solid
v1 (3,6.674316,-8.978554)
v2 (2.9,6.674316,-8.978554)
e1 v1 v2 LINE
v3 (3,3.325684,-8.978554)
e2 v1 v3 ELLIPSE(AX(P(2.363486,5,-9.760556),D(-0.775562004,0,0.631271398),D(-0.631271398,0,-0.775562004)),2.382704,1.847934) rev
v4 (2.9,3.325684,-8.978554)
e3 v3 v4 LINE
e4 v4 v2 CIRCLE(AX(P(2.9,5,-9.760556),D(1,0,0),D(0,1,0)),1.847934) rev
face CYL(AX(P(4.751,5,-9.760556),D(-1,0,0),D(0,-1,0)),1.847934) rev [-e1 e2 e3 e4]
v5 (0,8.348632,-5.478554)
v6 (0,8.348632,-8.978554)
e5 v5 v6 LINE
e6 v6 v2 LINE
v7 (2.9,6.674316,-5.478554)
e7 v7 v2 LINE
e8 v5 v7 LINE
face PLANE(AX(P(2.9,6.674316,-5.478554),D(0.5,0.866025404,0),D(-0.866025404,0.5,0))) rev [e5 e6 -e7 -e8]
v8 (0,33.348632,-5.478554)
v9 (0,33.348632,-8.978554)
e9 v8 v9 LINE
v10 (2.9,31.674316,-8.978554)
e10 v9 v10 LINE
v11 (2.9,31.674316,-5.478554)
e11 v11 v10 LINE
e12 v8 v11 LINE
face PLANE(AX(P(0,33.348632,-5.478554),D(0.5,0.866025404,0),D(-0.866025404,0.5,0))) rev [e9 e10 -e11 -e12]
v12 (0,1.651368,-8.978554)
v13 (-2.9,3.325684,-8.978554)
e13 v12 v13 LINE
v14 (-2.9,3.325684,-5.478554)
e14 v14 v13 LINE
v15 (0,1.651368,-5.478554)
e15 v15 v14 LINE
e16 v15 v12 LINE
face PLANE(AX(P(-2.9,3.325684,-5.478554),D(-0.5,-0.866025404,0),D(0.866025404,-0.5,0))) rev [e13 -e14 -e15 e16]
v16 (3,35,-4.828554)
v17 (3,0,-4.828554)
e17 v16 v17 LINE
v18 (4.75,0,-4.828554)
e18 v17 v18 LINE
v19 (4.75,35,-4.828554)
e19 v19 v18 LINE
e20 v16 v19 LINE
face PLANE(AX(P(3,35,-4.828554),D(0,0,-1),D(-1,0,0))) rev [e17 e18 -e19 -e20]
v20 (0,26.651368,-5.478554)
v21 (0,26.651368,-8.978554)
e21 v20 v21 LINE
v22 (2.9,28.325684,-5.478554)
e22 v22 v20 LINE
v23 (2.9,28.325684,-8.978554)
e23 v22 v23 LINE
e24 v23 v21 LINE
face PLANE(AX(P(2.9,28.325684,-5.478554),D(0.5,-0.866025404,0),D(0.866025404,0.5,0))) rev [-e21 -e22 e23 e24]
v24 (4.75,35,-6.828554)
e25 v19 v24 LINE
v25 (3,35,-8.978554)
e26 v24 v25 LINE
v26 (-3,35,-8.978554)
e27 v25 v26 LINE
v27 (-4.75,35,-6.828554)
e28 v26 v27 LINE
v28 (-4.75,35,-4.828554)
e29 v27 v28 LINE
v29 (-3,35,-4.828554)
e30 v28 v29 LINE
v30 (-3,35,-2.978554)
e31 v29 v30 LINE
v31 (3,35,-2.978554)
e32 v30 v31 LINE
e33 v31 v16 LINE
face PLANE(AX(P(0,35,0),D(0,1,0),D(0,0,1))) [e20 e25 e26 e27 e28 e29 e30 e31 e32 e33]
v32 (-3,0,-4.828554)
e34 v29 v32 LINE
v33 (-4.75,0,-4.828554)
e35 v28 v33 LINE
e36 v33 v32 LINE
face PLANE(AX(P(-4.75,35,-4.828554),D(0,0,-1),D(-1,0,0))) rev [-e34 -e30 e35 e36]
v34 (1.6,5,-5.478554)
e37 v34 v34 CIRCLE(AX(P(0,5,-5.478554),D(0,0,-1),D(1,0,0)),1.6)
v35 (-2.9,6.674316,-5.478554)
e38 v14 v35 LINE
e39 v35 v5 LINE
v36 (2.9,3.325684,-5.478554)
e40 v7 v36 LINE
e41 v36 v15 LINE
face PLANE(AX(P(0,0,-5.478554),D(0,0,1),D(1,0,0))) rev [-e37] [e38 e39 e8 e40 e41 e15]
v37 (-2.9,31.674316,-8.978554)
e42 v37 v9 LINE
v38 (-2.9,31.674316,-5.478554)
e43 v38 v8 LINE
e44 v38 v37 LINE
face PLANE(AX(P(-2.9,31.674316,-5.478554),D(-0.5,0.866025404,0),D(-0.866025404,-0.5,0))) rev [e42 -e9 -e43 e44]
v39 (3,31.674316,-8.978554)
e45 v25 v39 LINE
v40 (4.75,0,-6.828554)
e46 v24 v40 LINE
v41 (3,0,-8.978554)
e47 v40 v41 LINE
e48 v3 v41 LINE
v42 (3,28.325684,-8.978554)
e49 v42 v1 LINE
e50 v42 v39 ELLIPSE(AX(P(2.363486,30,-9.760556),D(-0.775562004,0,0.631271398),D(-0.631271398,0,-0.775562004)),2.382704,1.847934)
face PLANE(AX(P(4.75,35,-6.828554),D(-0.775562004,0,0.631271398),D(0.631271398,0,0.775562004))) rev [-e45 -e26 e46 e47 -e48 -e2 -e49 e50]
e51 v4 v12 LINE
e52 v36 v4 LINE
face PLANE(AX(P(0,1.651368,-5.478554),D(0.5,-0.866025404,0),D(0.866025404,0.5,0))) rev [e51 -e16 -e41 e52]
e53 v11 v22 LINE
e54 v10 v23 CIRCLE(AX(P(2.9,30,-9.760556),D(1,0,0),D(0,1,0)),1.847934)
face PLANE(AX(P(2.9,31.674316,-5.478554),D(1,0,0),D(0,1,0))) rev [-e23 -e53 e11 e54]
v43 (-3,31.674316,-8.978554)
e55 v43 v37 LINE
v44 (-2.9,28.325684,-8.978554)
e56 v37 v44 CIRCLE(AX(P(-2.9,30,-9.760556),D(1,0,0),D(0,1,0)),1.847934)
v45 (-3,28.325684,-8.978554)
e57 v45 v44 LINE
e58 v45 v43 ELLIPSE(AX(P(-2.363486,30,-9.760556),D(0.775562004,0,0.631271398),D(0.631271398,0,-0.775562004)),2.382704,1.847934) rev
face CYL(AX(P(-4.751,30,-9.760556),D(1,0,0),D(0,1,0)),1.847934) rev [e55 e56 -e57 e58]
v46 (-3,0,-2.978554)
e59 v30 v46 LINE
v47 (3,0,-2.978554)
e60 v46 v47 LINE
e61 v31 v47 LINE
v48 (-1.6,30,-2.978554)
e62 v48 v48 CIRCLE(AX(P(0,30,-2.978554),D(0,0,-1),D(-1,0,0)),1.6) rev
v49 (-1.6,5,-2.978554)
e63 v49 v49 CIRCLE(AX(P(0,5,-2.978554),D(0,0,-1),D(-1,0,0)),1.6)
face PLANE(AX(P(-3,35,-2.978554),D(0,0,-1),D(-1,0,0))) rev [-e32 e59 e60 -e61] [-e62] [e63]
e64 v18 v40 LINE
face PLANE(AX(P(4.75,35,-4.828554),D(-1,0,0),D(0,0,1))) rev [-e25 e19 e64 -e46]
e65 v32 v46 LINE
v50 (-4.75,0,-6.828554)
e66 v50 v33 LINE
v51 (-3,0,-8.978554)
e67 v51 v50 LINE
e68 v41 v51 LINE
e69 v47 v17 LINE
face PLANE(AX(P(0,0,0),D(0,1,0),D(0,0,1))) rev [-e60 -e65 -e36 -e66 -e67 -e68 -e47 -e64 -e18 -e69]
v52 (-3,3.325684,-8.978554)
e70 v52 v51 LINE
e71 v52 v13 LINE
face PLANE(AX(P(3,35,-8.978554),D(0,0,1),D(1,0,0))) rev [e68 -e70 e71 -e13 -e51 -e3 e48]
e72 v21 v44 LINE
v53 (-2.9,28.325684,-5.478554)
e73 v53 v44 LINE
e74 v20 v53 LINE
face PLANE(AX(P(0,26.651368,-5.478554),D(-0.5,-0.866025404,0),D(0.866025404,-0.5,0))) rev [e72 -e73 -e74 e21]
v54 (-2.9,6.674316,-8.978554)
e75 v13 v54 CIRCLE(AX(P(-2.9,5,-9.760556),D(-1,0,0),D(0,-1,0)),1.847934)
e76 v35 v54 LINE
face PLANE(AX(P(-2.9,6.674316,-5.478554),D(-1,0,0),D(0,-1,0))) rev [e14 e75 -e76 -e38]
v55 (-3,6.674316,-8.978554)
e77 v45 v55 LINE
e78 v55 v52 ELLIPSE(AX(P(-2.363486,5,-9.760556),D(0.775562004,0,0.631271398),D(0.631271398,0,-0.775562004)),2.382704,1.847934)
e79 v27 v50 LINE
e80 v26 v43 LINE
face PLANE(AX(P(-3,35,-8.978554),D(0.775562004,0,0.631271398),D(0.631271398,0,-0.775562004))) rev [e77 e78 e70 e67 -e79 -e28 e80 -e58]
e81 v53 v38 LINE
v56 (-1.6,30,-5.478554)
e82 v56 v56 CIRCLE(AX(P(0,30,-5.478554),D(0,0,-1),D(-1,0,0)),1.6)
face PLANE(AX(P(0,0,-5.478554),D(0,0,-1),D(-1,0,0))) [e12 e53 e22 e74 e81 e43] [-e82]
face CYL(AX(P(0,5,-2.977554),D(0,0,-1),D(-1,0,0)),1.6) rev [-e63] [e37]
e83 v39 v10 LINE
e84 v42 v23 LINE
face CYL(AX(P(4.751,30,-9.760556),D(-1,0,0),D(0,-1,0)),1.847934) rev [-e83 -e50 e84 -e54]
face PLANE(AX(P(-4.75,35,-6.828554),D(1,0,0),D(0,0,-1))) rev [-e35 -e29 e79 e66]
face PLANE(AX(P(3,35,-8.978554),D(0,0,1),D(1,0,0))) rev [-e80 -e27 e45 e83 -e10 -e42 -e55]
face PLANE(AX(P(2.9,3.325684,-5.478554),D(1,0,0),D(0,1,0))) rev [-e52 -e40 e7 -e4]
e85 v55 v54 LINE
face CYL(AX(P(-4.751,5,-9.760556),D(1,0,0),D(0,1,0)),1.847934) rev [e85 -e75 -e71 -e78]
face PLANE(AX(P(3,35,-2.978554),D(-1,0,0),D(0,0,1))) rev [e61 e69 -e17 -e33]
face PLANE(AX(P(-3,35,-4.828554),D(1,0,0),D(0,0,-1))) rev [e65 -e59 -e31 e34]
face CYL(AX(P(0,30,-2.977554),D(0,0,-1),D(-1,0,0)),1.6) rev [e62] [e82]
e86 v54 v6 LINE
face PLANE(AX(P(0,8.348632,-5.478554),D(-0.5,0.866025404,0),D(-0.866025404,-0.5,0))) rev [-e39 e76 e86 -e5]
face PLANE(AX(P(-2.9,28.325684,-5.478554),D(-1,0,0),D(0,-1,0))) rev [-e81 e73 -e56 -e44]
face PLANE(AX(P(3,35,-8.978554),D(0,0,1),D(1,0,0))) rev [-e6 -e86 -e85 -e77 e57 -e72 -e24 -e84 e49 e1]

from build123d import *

# Parameters (mm, degrees)
EXTRUDE1_DEPTH             = 35
EXTRUDE2_REACH             = 37.827
SKETCH2_R                  = 1.6
SKETCH_R                   = 1.6
EXTRUDE3_DEPTH             = 3.5
EXTRUDE4_REACH             = 38.934
EXTRUDE4_DIRECTION_2_REACH = 38.934


with BuildPart() as part:
    # Sketch1 → Extrude1 (new body)
    with BuildSketch(Plane(origin=(0, 0, 0), x_dir=(1, 0, 0), z_dir=(0, 1, 0))):
        Polygon((-3, 2.978553588), (3, 2.978553588), (3, 4.828553588), (4.75, 4.828553588), (4.75, 6.828553588), (3, 8.978553588), (-3, 8.978553588), (-4.75, 6.828553588), (-4.75, 4.828553588), (-3, 4.828553588), align=None)
    extrude(amount=EXTRUDE1_DEPTH)

    # Sketch2 → Extrude2 (cut, up to next)
    with BuildSketch(Plane(origin=(0, 0, -8.978553588), x_dir=(-1, 0, 0), z_dir=(0, 0, -1)), mode=Mode.PRIVATE) as extrude2_sk1:
        with Locations((0, 30)):
            Circle(SKETCH2_R)
    extrude2_tool1 = extrude(extrude2_sk1.sketch, amount=-EXTRUDE2_REACH, mode=Mode.PRIVATE) & part.part
    # Sketch2 → Extrude2 (cut, up to next)
    with BuildSketch(Plane(origin=(0, 0, -8.978553588), x_dir=(-1, 0, 0), z_dir=(0, 0, -1)), mode=Mode.PRIVATE) as extrude2_sk2:
        with Locations((0, 5)):
            Circle(SKETCH2_R)
    extrude2_tool2 = extrude(extrude2_sk2.sketch, amount=-EXTRUDE2_REACH, mode=Mode.PRIVATE) & part.part
    add(extrude2_tool1.solids().sort_by_distance((0, 30, -8.978554))[0], mode=Mode.SUBTRACT)
    add(extrude2_tool2.solids().sort_by_distance((0, 5, -8.978554))[0], mode=Mode.SUBTRACT)

    # Sketch → Extrude3 (cut)
    # profile 1 of 2: a face of its own
    with BuildSketch(Plane(origin=(0, 0, -8.978553588), x_dir=(-1, 0, 0), z_dir=(0, 0, -1))):
        Polygon((0, 33.348631561), (-2.9, 31.674315781), (-2.9, 28.325684219), (0, 26.651368439), (2.9, 28.325684219), (2.9, 31.674315781), align=None)
        with Locations((0, 30)):
            Circle(SKETCH_R, mode=Mode.SUBTRACT)
    # profile 2 of 2: a face of its own
    with BuildSketch(Plane(origin=(0, 0, -8.978553588), x_dir=(-1, 0, 0), z_dir=(0, 0, -1))):
        Polygon((2.9, 3.325684219), (0, 1.651368439), (-2.9, 3.325684219), (-2.9, 6.674315781), (0, 8.348631561), (2.9, 6.674315781), align=None)
        with Locations((0, 5)):
            Circle(SKETCH_R, mode=Mode.SUBTRACT)
    extrude(amount=-EXTRUDE3_DEPTH, mode=Mode.SUBTRACT)

    # Sketch3 → Extrude4 (cut, up to next)
    with BuildSketch(Plane(origin=(-2.9, 0, 0), x_dir=(0, 0, -1), z_dir=(1, 0, 0)), mode=Mode.PRIVATE) as extrude4_sk1:
        with BuildLine():
            Line((8.978553588, 31.674315781), (8.978553588, 28.325684219))
            ThreePointArc((8.978553588, 28.325684219), (7.912621815, 30), (8.978553588, 31.674315781))
        make_face()
    extrude4_tool1 = extrude(extrude4_sk1.sketch, amount=-EXTRUDE4_REACH, mode=Mode.PRIVATE) & part.part
    extrude4 = extrude4_tool1.solids().sort_by_distance((-2.9, 30, -8.539494))[0]
    add(extrude4, mode=Mode.SUBTRACT)

    # Sketch3 → Extrude4 direction 2 (cut, up to next)
    with BuildSketch(Plane(origin=(-2.9, 0, 0), x_dir=(0, 0, -1), z_dir=(1, 0, 0)), mode=Mode.PRIVATE) as extrude4_direction_2_sk1:
        with BuildLine():
            Line((8.978553588, 31.674315781), (8.978553588, 28.325684219))
            ThreePointArc((8.978553588, 28.325684219), (7.912621815, 30), (8.978553588, 31.674315781))
        make_face()
    extrude4_direction_2_tool1 = extrude(extrude4_direction_2_sk1.sketch, amount=EXTRUDE4_DIRECTION_2_REACH, mode=Mode.PRIVATE) & part.part
    extrude4_direction_2 = extrude4_direction_2_tool1.solids().sort_by_distance((-2.9, 30, -8.539494))[0]
    add(extrude4_direction_2, mode=Mode.SUBTRACT)

    # Mirror1: Extrude4, Extrude4 direction 2 across plane
    add(extrude4.mirror(Plane.ZX.offset(17.5)), mode=Mode.SUBTRACT)
    add(extrude4_direction_2.mirror(Plane.ZX.offset(17.5)), mode=Mode.SUBTRACT)


solid = part.part
